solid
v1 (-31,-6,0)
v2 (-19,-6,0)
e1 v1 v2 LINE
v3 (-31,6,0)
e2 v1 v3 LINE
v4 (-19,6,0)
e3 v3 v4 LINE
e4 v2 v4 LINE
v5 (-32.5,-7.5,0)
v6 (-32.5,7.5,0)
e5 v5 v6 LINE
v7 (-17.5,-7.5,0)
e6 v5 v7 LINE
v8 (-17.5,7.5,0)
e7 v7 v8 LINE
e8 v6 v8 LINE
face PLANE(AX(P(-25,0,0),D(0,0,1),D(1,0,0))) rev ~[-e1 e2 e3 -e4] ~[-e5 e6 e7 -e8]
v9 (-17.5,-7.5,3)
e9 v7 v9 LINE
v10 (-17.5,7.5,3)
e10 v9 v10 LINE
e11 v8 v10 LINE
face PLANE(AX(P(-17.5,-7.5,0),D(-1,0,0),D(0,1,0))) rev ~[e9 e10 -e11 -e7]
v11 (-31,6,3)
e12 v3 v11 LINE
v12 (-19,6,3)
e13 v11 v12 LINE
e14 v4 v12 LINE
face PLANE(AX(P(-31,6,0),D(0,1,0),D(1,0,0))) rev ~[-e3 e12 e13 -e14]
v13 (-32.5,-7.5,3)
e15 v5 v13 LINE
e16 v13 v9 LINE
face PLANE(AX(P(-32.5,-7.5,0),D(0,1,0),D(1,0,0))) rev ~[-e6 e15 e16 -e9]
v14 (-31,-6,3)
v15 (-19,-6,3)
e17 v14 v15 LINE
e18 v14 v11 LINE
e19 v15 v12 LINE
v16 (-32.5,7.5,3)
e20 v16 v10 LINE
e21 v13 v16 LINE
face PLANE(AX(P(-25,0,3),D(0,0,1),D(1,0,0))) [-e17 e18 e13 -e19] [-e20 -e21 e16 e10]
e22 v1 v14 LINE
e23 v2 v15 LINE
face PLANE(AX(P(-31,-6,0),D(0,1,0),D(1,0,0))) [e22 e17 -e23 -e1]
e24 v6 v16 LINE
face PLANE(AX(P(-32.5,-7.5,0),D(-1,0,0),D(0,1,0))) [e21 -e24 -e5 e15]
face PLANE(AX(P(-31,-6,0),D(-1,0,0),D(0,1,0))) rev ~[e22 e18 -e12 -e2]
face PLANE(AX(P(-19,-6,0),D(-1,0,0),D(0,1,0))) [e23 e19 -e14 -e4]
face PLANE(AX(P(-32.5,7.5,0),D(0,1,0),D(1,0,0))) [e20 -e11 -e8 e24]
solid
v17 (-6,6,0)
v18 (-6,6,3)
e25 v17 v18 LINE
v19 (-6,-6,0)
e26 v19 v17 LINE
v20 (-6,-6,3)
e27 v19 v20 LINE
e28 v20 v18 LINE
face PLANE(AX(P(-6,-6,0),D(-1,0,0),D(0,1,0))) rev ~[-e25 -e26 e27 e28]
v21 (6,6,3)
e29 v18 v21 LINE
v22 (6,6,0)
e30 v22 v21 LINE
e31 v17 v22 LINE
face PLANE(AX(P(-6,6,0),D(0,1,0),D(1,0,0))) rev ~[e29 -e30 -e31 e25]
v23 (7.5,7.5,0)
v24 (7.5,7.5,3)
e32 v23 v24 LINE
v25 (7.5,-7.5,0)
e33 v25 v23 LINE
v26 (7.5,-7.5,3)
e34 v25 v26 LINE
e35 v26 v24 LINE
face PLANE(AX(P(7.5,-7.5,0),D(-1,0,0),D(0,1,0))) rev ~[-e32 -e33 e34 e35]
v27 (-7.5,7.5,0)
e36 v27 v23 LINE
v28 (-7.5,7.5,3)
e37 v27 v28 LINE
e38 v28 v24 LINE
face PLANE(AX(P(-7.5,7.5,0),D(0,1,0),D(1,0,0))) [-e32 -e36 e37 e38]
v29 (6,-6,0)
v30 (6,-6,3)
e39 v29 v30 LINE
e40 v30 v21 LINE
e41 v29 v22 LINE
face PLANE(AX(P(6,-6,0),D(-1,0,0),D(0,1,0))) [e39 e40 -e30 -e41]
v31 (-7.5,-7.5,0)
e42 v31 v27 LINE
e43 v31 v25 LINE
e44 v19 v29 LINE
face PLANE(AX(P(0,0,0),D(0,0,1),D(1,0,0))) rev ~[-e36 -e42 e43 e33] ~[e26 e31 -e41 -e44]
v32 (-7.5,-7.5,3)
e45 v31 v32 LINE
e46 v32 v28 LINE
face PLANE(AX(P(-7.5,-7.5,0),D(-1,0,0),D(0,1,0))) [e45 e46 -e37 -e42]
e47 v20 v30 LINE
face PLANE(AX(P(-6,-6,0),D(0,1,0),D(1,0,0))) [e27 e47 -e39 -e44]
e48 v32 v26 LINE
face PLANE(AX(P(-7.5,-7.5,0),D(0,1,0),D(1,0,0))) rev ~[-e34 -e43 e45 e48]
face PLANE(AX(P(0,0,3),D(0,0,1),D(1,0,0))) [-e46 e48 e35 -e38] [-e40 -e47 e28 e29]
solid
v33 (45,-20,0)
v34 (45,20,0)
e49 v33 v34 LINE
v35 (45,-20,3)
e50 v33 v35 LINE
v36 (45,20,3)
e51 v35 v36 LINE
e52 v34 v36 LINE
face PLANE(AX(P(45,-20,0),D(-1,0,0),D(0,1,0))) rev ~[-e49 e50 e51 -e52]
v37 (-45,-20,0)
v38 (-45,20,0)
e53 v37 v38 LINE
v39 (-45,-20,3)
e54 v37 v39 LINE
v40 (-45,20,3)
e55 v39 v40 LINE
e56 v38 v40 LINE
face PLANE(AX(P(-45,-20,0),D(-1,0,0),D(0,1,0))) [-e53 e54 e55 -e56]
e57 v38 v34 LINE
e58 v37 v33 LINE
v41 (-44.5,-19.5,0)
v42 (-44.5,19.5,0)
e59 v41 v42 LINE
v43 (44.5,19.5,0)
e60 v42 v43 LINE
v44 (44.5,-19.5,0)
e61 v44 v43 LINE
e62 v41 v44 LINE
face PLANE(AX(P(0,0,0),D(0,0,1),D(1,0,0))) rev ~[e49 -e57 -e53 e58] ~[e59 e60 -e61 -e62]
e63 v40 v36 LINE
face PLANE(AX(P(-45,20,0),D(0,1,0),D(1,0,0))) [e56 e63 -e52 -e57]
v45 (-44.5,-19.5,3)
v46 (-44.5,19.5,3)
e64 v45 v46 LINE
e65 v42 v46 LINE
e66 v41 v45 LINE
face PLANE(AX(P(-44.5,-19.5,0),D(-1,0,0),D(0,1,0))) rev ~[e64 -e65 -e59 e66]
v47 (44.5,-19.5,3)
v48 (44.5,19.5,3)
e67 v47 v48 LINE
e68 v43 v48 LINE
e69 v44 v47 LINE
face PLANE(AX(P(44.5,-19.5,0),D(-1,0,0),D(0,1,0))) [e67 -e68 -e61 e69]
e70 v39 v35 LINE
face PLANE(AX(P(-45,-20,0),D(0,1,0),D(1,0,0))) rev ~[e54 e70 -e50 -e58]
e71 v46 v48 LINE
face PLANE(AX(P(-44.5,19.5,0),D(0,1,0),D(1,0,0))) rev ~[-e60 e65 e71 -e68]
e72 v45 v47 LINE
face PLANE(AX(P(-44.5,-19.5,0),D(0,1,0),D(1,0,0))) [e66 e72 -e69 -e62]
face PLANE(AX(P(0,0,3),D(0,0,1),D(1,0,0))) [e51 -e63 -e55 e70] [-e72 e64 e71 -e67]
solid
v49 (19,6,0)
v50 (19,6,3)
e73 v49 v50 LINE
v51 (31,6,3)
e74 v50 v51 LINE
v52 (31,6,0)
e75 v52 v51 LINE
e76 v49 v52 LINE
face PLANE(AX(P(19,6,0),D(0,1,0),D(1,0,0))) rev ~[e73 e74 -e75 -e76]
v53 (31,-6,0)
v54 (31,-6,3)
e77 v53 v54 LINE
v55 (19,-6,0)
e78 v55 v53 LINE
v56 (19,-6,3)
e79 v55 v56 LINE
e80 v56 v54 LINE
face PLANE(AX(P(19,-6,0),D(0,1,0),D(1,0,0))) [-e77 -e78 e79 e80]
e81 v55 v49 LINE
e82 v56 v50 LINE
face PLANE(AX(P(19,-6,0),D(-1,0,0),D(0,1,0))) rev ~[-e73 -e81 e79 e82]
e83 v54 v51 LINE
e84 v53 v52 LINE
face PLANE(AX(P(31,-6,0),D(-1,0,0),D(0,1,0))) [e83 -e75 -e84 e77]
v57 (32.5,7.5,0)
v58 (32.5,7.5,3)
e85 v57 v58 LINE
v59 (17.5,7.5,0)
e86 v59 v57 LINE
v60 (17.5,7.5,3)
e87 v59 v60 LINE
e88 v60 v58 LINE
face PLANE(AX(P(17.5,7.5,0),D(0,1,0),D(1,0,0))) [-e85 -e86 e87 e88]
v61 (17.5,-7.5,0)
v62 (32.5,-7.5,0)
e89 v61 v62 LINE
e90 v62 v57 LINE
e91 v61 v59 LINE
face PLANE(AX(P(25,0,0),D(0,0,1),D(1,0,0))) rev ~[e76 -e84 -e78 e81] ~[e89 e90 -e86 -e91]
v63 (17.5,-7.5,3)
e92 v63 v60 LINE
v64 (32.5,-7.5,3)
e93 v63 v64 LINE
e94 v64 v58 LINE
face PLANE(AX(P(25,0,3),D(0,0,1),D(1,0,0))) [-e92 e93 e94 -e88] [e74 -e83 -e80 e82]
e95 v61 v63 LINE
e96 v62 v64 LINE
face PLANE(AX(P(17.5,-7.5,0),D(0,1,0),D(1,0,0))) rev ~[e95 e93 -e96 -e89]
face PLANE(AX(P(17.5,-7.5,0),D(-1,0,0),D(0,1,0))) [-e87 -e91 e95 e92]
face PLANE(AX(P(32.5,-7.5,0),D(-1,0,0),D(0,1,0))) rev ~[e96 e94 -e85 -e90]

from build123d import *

# Parameters (mm, degrees)
F0_W     = 15
F0_H     = 15
F0_W_2   = 12
F0_H_2   = 12
F1_DEPTH = 3
F0_W_3   = 90
F0_H_3   = 40
F0_W_4   = 89
F0_H_4   = 39
F2_DEPTH = 3


with BuildPart() as f1:
    # F0 (on Top) → F1 (new body)
    with BuildSketch(Plane.XY):
        Rectangle(F0_W, F0_H)
        Rectangle(F0_W_2, F0_H_2, mode=Mode.SUBTRACT)
        with Locations((25, 0)):
            Rectangle(F0_W, F0_H)
        with Locations((25, 0)):
            Rectangle(F0_W_2, F0_H_2, mode=Mode.SUBTRACT)
        with Locations((-25, 0)):
            Rectangle(F0_W, F0_H)
        with Locations((-25, 0)):
            Rectangle(F0_W_2, F0_H_2, mode=Mode.SUBTRACT)
    extrude(amount=F1_DEPTH)


with BuildPart() as f2:
    # F0 (on Top) → F2 (new body)
    with BuildSketch(Plane.XY):
        Rectangle(F0_W_3, F0_H_3)
        Rectangle(F0_W_4, F0_H_4, mode=Mode.SUBTRACT)
    extrude(amount=F2_DEPTH)


solid = Compound([f1.part, f2.part])
